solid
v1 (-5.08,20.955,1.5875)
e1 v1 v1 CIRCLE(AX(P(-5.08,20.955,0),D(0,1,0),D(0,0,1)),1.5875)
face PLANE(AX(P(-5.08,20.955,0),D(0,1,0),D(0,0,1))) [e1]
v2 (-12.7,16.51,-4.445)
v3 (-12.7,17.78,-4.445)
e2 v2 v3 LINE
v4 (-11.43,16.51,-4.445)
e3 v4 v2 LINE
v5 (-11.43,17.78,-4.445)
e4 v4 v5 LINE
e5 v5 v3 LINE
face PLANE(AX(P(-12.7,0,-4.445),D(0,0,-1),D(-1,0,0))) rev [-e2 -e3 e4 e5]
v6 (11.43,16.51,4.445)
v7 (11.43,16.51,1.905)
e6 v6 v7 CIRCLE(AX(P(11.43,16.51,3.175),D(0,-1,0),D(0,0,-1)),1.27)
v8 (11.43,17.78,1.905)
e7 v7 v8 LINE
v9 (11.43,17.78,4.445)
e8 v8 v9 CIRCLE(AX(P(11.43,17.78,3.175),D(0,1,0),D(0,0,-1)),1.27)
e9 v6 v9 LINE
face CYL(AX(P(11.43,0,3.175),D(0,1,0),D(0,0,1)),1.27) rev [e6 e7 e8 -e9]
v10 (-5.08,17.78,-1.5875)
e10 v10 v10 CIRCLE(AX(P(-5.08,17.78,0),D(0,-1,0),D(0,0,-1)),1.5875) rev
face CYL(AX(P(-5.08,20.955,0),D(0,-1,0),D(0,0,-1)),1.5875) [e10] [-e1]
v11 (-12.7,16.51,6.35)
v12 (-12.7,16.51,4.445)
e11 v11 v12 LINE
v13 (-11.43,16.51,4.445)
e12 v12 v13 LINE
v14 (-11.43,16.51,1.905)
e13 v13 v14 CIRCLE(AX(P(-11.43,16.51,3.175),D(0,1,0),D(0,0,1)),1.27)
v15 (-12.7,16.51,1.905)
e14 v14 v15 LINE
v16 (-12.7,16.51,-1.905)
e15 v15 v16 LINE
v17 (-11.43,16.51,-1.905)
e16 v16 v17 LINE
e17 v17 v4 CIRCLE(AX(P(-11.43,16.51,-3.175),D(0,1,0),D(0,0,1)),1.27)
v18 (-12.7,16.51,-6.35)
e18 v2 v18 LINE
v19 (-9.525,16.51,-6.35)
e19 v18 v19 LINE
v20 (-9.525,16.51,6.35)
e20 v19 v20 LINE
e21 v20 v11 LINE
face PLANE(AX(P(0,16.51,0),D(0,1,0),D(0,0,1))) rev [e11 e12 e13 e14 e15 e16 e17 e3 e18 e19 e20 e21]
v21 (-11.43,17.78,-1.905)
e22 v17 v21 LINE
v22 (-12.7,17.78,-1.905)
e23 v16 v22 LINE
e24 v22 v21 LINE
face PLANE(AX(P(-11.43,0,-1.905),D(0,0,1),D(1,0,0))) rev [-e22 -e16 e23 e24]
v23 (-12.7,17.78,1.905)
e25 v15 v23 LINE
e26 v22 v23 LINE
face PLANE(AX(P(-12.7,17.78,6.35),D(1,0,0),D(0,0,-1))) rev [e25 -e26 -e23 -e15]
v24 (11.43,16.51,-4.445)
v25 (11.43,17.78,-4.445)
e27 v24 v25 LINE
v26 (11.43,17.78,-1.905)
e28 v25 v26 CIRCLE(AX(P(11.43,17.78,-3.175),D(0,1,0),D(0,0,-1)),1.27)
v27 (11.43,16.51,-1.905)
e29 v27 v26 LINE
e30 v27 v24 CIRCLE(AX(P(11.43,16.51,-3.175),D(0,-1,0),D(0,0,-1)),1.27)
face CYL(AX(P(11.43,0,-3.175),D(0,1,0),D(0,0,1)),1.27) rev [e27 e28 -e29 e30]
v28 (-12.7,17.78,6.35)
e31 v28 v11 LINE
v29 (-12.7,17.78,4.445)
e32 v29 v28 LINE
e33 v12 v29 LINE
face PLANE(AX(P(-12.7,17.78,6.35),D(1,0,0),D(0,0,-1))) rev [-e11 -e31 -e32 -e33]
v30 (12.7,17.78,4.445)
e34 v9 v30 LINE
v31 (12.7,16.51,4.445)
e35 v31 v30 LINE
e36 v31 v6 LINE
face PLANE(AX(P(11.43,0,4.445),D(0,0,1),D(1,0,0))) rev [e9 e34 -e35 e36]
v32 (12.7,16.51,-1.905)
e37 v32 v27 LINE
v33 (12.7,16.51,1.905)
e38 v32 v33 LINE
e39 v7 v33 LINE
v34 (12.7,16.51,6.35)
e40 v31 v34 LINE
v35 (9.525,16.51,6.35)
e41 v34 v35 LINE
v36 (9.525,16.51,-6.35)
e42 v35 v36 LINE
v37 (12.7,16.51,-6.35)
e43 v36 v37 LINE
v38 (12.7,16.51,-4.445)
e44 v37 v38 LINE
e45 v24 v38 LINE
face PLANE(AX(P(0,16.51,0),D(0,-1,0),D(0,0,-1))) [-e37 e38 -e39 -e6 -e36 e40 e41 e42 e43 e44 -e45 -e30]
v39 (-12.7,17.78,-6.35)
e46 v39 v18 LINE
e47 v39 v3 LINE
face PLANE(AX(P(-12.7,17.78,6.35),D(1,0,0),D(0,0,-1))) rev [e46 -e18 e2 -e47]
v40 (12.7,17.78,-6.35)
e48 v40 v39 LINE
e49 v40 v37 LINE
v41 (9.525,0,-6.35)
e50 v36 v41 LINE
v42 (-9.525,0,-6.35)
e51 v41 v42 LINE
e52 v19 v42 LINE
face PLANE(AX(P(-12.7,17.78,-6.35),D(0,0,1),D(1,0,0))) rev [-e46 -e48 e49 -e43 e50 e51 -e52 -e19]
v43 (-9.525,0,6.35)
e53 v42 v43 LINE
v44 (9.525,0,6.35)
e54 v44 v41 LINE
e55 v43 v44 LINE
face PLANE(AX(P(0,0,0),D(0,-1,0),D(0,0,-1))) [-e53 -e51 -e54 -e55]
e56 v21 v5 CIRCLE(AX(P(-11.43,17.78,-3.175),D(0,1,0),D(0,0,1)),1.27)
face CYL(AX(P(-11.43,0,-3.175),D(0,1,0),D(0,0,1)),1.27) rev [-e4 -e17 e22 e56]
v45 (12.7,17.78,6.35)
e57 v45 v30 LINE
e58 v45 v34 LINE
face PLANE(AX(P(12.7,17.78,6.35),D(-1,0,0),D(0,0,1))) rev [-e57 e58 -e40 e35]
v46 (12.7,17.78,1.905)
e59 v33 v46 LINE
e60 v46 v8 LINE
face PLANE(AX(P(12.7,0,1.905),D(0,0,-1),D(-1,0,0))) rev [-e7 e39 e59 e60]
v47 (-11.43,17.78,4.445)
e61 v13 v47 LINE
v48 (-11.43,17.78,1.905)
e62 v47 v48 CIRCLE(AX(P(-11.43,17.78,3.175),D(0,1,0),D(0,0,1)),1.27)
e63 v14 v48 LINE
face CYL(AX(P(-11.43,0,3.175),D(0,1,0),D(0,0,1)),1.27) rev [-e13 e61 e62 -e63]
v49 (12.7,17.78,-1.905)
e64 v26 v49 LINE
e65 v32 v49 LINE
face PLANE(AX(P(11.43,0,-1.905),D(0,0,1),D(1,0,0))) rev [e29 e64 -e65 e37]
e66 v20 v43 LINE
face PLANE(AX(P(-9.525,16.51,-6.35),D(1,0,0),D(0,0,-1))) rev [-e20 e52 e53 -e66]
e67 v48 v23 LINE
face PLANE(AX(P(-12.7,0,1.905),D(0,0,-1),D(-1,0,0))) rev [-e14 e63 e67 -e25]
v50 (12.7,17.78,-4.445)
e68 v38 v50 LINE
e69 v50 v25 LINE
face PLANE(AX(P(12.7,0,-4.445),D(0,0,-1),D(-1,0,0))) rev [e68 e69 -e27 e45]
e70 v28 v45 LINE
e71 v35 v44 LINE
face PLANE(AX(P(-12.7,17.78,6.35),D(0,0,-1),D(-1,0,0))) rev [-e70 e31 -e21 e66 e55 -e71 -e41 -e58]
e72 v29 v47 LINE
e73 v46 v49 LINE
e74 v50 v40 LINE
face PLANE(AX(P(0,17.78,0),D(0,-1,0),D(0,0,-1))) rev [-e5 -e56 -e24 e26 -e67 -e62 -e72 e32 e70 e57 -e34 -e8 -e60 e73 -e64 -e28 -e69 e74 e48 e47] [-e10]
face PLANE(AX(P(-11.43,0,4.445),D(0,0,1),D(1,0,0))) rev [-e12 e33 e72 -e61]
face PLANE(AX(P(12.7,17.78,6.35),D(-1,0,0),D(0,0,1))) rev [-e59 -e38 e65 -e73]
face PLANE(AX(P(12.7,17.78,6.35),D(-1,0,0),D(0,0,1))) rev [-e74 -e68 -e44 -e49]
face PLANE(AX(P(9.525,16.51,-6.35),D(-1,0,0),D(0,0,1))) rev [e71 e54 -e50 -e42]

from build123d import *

# Parameters (mm, degrees)
SKETCH1_W           = 25.4
SKETCH1_H           = 12.7
BOSS_EXTRUDE1_DEPTH = 17.78
SKETCH2_W           = 3.175
SKETCH2_H           = 12.7
CUT_EXTRUDE1_DEPTH  = 16.51
SKETCH3_R           = 1.5875
BOSS_EXTRUDE2_DEPTH = 3.175
CUT_EXTRUDE2_DEPTH  = 23.753920541


with BuildPart() as part:
    # Sketch1 → Boss-Extrude1 (new body)
    with BuildSketch(Plane(origin=(0, 0, 0), x_dir=(1, 0, 0), z_dir=(0, 1, 0))):
        Rectangle(SKETCH1_W, SKETCH1_H)
    extrude(amount=BOSS_EXTRUDE1_DEPTH)

    # Sketch2 → Cut-Extrude1 (cut)
    with BuildSketch(Plane.XZ):
        with Locations((-11.1125, 0)):
            Rectangle(SKETCH2_W, SKETCH2_H)
        with Locations((11.1125, 0)):
            Rectangle(SKETCH2_W, SKETCH2_H)
    extrude(amount=-CUT_EXTRUDE1_DEPTH, mode=Mode.SUBTRACT)

    # Sketch3 → Boss-Extrude2 (add)
    with BuildSketch(Plane(origin=(0, 17.78, 0), x_dir=(1, 0, 0), z_dir=(0, 1, 0))):
        with Locations(Location((-5.08, 0, 0), (0, 0, 90))):
            Circle(SKETCH3_R)
    extrude(amount=BOSS_EXTRUDE2_DEPTH)

    # Sketch4 → Cut-Extrude2 (cut, through all)
    with BuildSketch(Plane(origin=(0, 17.78, 0), x_dir=(1, 0, 0), z_dir=(0, 1, 0))):
        with BuildLine():
            Line((-11.43, -4.445), (-12.7, -4.445))
            Line((-12.7, -4.445), (-12.7, -1.905))
            Line((-12.7, -1.905), (-11.43, -1.905))
            ThreePointArc((-11.43, -1.905), (-10.16, -3.175), (-11.43, -4.445))
        make_face()
        with BuildLine():
            Line((-11.43, 1.905), (-12.7, 1.905))
            Line((-12.7, 1.905), (-12.7, 4.445))
            Line((-12.7, 4.445), (-11.43, 4.445))
            ThreePointArc((-11.43, 4.445), (-10.16, 3.175), (-11.43, 1.905))
        make_face()
        with BuildLine():
            Line((12.7, 4.445), (11.43, 4.445))
            ThreePointArc((11.43, 4.445), (10.16, 3.175), (11.43, 1.905))
            Line((11.43, 1.905), (12.7, 1.905))
            Line((12.7, 1.905), (12.7, 4.445))
        make_face()
        with BuildLine():
            Line((12.7, -1.905), (11.43, -1.905))
            ThreePointArc((11.43, -1.905), (10.16, -3.175), (11.43, -4.445))
            Line((11.43, -4.445), (12.7, -4.445))
            Line((12.7, -4.445), (12.7, -1.905))
        make_face()
    extrude(amount=-CUT_EXTRUDE2_DEPTH, mode=Mode.SUBTRACT)


solid = part.part
